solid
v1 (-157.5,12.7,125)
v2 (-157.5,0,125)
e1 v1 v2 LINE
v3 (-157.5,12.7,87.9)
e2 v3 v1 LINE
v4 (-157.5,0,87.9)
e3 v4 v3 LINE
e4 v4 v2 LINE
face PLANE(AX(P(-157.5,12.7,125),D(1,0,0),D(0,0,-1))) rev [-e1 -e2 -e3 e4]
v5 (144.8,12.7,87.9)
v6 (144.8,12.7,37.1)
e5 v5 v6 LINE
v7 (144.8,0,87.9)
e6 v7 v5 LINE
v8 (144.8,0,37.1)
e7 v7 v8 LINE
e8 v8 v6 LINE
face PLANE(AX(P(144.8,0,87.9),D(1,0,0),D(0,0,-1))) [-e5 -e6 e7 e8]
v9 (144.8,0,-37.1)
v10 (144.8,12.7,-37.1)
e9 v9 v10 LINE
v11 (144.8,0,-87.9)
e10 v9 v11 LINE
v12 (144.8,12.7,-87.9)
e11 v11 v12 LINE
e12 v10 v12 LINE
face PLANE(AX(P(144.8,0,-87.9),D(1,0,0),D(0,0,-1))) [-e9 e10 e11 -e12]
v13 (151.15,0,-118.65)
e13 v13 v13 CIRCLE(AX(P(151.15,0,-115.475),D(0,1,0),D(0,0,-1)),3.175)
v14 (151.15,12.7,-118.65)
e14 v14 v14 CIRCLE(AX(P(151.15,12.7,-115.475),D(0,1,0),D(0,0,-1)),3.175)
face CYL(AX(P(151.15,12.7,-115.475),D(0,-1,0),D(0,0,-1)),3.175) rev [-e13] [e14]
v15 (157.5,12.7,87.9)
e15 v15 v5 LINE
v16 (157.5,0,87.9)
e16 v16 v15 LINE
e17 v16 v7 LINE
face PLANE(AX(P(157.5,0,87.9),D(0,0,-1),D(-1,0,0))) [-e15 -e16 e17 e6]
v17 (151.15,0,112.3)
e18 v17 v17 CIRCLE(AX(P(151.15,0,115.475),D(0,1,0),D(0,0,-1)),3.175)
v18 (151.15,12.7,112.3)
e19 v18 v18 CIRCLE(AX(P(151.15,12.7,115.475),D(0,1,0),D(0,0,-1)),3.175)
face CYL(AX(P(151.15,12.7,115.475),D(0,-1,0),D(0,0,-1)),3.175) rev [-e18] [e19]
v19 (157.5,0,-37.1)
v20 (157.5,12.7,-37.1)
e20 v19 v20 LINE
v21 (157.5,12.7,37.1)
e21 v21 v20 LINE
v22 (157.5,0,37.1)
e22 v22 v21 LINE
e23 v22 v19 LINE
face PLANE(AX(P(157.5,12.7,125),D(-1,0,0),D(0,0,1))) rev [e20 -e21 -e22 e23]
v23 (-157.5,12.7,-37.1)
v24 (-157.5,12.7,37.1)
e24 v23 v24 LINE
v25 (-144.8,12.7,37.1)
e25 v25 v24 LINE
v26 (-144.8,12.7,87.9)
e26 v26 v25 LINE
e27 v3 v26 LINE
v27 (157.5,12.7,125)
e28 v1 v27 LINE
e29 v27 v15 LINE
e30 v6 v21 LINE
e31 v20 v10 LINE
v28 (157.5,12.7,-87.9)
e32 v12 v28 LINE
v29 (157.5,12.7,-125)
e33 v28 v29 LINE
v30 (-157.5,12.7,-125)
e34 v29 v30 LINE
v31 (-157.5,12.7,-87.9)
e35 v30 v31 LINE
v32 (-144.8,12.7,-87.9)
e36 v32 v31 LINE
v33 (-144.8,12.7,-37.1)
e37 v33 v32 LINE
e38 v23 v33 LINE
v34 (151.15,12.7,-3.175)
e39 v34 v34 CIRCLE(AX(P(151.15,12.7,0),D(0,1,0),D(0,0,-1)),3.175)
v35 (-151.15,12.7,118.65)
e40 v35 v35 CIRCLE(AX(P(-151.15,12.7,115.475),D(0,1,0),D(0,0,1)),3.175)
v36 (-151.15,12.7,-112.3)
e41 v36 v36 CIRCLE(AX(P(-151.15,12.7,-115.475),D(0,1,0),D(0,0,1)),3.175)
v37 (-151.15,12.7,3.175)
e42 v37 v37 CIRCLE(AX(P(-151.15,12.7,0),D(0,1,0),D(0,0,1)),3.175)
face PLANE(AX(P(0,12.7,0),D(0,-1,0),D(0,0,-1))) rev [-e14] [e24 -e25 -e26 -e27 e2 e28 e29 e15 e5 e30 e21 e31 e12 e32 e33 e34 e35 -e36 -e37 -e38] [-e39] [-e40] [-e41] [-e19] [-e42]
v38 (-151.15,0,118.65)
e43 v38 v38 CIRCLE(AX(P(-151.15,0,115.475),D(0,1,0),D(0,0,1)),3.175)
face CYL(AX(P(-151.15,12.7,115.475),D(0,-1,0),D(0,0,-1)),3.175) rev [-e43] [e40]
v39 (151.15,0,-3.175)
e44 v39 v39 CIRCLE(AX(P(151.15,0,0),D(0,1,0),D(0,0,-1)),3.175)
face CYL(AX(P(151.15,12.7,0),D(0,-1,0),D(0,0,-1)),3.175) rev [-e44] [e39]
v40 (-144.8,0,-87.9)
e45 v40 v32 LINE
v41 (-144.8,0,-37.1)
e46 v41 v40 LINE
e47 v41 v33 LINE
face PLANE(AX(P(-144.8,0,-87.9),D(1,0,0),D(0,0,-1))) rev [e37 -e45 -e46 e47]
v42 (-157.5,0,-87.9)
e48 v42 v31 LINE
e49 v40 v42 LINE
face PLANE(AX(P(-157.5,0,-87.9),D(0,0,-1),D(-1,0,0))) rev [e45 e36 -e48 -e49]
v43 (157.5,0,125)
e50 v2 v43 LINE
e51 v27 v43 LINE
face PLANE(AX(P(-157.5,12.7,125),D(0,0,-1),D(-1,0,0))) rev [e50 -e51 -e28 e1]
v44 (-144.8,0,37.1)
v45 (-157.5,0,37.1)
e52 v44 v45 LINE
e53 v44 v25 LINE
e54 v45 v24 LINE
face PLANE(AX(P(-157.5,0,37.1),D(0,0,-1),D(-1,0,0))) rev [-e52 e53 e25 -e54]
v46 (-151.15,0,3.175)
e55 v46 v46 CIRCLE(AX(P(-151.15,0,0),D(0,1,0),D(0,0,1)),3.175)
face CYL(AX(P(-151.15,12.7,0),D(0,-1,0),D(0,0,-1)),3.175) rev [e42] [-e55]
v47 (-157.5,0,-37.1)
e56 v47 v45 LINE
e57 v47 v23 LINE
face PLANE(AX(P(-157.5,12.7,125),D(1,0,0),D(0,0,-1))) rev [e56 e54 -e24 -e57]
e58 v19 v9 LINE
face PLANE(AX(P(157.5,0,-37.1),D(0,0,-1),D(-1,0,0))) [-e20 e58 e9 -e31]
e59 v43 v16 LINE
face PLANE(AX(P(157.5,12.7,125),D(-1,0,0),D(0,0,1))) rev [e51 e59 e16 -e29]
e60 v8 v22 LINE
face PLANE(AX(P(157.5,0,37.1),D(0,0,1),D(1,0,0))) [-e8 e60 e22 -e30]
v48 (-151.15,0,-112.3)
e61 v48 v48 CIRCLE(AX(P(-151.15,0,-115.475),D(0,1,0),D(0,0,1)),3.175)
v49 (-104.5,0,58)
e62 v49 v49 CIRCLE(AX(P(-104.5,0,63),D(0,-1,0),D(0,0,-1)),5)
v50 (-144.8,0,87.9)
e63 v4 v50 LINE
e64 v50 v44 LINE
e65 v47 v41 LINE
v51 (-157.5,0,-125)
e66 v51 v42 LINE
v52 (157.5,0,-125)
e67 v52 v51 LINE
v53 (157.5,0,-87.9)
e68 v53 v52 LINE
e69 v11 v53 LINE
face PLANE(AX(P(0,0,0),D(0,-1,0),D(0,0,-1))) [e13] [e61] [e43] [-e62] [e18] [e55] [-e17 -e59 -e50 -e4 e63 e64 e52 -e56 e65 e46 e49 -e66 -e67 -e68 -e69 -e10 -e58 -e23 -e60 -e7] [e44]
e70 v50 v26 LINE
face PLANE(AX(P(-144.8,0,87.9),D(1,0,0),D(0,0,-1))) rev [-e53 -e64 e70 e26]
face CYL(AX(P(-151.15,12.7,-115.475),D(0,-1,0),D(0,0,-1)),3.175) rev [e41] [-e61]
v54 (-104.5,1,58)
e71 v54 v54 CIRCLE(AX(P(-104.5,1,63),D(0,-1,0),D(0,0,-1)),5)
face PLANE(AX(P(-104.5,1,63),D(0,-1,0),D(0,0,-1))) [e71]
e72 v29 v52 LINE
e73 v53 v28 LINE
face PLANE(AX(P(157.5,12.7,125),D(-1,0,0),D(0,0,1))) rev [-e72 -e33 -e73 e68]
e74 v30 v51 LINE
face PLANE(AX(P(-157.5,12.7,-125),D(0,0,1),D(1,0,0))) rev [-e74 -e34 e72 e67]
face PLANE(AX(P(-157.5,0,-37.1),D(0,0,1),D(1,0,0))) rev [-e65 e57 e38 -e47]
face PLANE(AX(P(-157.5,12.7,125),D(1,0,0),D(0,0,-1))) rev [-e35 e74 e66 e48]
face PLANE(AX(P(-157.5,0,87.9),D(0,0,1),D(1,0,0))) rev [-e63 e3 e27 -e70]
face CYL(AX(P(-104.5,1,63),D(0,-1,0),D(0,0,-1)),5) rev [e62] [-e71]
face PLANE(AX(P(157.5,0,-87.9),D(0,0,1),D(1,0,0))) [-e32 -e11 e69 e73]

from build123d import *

# Parameters (mm, degrees)
CROQUIS1_W              = 315
CROQUIS1_H              = 250
CROQUIS1_R              = 3.175
SALIENTE_EXTRUIR1_DEPTH = 12.7
CROQUIS2_W              = 12.7
CROQUIS2_H              = 50.8
CORTAR_EXTRUIR1_DEPTH   = 13.7
CROQUIS3_R              = 5
CORTAR_EXTRUIR2_DEPTH   = 1


with BuildPart() as part:
    # Croquis1 → Saliente-Extruir1 (new body)
    with BuildSketch(Plane(origin=(0, 0, 0), x_dir=(1, 0, 0), z_dir=(0, 1, 0))):
        Rectangle(CROQUIS1_W, CROQUIS1_H)
        with Locations((-151.15, -115.475)):
            Circle(CROQUIS1_R, mode=Mode.SUBTRACT)
        with Locations((-151.15, 0)):
            Circle(CROQUIS1_R, mode=Mode.SUBTRACT)
        with Locations((-151.15, 115.475)):
            Circle(CROQUIS1_R, mode=Mode.SUBTRACT)
        with Locations((151.15, 115.475)):
            Circle(CROQUIS1_R, mode=Mode.SUBTRACT)
        with Locations((151.15, 0)):
            Circle(CROQUIS1_R, mode=Mode.SUBTRACT)
        with Locations((151.15, -115.475)):
            Circle(CROQUIS1_R, mode=Mode.SUBTRACT)
    extrude(amount=SALIENTE_EXTRUIR1_DEPTH)

    # Croquis2 → Cortar-Extruir1 (cut, through all)
    with BuildSketch(Plane(origin=(0, 12.7, 0), x_dir=(1, 0, 0), z_dir=(0, 1, 0))):
        with Locations((-151.15, 62.5)):
            Rectangle(CROQUIS2_W, CROQUIS2_H)
        with Locations((-151.15, -62.5)):
            Rectangle(CROQUIS2_W, CROQUIS2_H)
    cortar_extruir1 = extrude(amount=-CORTAR_EXTRUIR1_DEPTH, mode=Mode.SUBTRACT)

    # Simetría1: Cortar-Extruir1 across plane
    add(cortar_extruir1.mirror(Plane(origin=(0, 0, 0), x_dir=(0, 0, 1), z_dir=(1, 0, 0))), mode=Mode.SUBTRACT)

    # Croquis3 → Cortar-Extruir2 (cut)
    with BuildSketch(Plane(origin=(0, 0, 0), x_dir=(-1, 0, 0), z_dir=(0, -1, 0))):
        with Locations((104.5, -63)):
            Circle(CROQUIS3_R)
    extrude(amount=-CORTAR_EXTRUIR2_DEPTH, mode=Mode.SUBTRACT)


solid = part.part
